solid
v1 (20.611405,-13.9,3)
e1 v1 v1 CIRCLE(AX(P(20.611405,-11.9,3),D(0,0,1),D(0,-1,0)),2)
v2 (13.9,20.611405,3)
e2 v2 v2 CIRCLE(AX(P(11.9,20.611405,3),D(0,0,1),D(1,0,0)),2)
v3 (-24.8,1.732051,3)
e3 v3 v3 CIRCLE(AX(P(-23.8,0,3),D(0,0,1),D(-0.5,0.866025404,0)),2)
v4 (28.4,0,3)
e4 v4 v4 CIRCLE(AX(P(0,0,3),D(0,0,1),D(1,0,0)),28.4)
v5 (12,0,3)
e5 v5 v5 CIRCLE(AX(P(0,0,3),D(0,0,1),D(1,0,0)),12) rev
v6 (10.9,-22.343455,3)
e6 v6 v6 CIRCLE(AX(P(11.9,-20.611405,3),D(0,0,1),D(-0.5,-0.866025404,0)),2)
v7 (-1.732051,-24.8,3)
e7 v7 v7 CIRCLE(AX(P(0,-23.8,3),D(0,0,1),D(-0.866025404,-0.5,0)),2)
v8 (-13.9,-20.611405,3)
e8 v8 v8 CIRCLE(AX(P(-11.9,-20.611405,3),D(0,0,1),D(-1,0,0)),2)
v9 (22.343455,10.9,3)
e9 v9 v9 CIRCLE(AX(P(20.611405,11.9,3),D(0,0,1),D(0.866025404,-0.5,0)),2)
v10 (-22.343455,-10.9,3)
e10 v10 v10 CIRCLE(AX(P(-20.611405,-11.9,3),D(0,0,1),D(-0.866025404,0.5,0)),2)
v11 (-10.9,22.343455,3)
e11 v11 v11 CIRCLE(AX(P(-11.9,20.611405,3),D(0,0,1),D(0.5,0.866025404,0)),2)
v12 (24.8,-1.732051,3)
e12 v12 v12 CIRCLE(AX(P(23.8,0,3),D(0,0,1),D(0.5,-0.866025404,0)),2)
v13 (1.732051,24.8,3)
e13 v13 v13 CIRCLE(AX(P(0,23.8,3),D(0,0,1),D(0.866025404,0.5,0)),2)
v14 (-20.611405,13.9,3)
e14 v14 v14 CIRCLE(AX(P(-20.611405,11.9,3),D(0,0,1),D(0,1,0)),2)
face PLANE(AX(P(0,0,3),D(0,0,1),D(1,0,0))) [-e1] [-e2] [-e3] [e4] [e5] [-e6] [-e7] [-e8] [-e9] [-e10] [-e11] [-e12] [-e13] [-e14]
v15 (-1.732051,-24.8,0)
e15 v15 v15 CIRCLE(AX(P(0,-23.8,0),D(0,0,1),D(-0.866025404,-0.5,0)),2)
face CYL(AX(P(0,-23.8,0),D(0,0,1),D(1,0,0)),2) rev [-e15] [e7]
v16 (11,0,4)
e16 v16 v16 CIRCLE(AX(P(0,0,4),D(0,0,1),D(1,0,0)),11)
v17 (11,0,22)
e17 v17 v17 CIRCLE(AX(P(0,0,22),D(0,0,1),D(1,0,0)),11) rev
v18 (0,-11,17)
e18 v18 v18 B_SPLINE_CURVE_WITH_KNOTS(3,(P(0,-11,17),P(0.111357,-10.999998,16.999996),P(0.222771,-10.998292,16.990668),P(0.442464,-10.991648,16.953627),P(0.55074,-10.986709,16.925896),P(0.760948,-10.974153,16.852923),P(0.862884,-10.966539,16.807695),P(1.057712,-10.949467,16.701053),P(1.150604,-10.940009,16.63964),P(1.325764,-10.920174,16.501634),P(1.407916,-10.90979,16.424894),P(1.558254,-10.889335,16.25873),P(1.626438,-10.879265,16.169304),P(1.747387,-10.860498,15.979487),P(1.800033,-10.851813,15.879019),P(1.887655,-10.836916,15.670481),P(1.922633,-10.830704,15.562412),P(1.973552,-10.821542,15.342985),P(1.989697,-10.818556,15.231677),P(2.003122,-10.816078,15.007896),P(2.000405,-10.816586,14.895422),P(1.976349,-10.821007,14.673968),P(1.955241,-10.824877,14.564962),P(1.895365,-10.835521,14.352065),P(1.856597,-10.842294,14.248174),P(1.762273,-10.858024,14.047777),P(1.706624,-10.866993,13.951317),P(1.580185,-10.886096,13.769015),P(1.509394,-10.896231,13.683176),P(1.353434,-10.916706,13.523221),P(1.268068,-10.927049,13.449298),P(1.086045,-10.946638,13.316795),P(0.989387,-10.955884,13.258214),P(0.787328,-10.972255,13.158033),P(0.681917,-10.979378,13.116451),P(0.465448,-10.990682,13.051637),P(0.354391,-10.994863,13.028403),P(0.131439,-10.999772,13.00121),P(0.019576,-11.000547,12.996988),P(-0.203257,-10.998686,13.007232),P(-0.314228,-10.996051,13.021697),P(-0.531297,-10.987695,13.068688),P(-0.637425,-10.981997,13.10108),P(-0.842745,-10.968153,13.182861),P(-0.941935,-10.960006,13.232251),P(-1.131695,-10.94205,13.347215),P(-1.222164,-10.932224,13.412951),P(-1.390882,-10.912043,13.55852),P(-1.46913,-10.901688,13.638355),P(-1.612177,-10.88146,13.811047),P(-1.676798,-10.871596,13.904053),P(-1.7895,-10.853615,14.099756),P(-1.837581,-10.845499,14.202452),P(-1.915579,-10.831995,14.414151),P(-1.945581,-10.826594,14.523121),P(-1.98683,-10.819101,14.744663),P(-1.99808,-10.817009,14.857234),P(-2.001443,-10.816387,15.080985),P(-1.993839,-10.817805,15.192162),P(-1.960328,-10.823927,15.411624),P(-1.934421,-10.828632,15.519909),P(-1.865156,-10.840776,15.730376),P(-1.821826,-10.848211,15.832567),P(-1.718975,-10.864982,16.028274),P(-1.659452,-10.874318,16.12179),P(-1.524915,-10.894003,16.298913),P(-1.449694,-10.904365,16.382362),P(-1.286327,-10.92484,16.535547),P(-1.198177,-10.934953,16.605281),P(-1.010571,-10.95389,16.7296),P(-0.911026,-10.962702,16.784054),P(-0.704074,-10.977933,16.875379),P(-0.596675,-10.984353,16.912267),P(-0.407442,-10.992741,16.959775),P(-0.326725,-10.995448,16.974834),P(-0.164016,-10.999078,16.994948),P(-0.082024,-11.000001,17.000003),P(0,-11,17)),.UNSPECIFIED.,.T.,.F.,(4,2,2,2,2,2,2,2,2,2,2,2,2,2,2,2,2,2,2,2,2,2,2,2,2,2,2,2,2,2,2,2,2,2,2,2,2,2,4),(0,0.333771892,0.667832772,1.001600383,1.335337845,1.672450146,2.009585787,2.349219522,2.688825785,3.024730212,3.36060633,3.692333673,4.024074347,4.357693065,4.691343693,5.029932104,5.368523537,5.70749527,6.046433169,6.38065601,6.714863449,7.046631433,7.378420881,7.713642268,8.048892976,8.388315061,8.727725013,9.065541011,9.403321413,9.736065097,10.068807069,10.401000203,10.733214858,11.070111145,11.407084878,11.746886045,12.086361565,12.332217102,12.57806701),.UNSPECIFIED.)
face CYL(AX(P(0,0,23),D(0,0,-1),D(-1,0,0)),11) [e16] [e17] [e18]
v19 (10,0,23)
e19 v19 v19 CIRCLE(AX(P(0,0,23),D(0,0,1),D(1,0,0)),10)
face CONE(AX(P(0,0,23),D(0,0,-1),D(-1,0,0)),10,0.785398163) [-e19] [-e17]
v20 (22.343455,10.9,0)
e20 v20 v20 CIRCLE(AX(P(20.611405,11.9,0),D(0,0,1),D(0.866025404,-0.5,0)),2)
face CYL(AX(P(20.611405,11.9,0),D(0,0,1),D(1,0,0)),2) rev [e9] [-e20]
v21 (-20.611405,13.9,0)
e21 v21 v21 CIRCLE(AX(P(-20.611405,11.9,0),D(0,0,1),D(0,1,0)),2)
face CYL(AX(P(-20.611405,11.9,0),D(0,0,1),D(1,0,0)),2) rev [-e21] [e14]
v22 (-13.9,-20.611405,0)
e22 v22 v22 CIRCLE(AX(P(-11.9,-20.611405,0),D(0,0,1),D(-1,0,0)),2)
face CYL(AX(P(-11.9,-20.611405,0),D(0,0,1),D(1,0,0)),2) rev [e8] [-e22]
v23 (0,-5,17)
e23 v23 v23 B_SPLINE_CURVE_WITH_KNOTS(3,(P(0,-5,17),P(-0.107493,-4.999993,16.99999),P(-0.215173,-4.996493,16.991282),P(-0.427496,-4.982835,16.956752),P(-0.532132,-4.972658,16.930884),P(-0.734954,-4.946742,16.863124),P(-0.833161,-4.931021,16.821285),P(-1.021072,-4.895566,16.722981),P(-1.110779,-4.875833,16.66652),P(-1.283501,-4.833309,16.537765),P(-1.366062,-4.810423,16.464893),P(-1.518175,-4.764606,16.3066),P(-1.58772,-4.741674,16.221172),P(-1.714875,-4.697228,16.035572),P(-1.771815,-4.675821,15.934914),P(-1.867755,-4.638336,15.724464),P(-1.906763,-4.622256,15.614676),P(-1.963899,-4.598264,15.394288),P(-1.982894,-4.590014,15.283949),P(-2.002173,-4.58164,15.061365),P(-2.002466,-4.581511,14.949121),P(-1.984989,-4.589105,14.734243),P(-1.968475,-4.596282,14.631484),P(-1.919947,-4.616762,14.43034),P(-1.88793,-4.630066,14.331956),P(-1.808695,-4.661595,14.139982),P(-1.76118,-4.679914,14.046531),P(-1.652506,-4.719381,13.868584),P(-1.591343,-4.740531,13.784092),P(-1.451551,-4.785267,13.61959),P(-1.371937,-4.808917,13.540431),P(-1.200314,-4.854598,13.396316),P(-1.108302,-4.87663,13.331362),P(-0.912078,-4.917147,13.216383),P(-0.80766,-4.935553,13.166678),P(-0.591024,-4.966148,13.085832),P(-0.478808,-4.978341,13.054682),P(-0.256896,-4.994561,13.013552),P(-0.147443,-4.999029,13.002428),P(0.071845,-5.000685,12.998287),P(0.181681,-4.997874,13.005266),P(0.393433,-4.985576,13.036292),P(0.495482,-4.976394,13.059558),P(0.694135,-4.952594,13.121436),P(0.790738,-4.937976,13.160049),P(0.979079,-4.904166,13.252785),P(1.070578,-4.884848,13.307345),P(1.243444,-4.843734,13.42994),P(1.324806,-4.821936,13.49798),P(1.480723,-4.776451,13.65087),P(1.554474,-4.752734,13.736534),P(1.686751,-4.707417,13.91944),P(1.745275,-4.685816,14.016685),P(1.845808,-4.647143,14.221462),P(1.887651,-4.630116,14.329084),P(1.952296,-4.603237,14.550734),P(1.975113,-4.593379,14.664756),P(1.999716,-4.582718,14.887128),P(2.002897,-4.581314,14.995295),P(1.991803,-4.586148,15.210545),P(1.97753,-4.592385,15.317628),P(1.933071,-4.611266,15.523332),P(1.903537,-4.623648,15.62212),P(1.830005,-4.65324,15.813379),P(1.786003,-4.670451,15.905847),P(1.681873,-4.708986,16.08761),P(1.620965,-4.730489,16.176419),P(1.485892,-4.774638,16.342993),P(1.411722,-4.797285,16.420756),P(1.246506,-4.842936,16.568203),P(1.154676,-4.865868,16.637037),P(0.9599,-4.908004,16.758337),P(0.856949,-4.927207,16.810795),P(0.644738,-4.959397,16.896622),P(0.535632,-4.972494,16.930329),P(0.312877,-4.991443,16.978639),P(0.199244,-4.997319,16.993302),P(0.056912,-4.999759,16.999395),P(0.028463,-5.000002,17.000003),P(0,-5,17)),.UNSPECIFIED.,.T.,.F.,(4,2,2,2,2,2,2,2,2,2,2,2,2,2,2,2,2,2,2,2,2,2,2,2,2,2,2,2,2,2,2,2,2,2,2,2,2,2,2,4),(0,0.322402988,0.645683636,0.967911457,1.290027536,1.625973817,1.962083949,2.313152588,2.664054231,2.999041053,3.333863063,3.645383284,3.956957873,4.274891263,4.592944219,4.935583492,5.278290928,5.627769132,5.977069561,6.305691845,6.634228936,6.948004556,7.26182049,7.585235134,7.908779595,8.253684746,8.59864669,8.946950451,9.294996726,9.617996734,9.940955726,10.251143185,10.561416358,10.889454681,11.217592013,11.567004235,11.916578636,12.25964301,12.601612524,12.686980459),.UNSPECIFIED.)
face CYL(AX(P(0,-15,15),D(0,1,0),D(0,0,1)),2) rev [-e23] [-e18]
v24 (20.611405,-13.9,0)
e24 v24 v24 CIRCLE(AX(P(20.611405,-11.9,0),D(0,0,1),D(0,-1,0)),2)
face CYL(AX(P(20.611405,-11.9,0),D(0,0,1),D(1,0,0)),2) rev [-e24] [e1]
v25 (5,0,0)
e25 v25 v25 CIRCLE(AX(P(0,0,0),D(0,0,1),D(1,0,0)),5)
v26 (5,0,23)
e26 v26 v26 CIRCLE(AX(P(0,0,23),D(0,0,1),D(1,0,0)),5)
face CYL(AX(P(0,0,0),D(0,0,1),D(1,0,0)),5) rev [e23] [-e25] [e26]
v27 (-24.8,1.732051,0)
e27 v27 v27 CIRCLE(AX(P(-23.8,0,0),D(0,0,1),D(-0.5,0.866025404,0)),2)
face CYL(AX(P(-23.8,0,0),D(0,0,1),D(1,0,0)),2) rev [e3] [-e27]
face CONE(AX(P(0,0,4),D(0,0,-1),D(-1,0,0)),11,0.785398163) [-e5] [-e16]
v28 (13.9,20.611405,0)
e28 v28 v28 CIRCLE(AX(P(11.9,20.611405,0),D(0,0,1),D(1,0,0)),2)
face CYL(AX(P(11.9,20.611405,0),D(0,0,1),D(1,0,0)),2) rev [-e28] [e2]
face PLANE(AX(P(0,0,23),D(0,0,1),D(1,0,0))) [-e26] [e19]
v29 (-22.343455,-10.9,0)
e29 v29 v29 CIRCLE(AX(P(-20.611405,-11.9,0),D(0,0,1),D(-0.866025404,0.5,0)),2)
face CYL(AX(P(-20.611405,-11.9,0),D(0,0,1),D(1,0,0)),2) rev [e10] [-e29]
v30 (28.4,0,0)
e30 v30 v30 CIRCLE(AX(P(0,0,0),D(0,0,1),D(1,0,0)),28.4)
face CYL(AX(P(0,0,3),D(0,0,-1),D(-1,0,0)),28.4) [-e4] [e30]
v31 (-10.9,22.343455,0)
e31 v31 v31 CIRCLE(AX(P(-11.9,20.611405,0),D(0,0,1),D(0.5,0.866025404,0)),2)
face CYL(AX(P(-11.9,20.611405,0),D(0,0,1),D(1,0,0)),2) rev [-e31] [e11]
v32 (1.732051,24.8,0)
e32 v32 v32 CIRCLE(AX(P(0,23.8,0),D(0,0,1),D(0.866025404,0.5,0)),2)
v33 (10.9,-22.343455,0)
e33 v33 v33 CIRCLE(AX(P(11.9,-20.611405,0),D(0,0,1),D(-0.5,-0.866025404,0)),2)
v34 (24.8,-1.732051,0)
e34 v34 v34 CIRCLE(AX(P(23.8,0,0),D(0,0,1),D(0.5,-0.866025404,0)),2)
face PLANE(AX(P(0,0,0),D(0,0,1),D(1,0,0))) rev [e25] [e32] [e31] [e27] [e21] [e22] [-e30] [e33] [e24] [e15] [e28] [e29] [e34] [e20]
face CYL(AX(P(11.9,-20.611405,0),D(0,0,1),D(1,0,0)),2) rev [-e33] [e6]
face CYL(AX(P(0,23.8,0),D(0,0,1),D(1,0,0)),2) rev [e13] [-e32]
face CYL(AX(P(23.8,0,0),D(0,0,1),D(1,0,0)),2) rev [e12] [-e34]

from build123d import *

# Parameters (mm, degrees)
SKETCH1_R           = 28.4
BOSS_EXTRUDE1_DEPTH = 3
SKETCH2_R           = 11
BOSS_EXTRUDE2_DEPTH = 20
SKETCH3_R           = 5
CUT_EXTRUDE1_DEPTH  = 24
SKETCH4_R           = 2
CUT_EXTRUDE2_DEPTH  = 15
CHAMFER1_SIZE       = 1
SKETCH5_R           = 2
CUT_EXTRUDE5_DEPTH  = 4.0000001
CIRPATTERN2_COUNT   = 12


with BuildPart() as part:
    # Sketch1 → Boss-Extrude1 (new body)
    with BuildSketch(Plane.XY):
        Circle(SKETCH1_R)
    extrude(amount=BOSS_EXTRUDE1_DEPTH)

    # Sketch2 → Boss-Extrude2 (add)
    with BuildSketch(Plane.XY.offset(3)):
        Circle(SKETCH2_R)
    extrude(amount=BOSS_EXTRUDE2_DEPTH)

    # Sketch3 → Cut-Extrude1 (cut, through all)
    with BuildSketch(Plane.XY.offset(23)):
        Circle(SKETCH3_R)
    extrude(amount=-CUT_EXTRUDE1_DEPTH, mode=Mode.SUBTRACT)

    # Sketch4 → Cut-Extrude2 (cut)
    with BuildSketch(Plane(origin=(0, 0, 0), x_dir=(1, 0, 0), z_dir=(0, 1, 0))):
        with Locations((0, -15)):
            Circle(SKETCH4_R)
    extrude(amount=-CUT_EXTRUDE2_DEPTH, mode=Mode.SUBTRACT)

    # Chamfer1
    chamfer1_edges = [part.edges().sort_by_distance(p)[0] for p in [
        (-11, 0, 3),
        (-11, 0, 23),
    ]]
    chamfer(chamfer1_edges, length=CHAMFER1_SIZE)

    # Sketch5 → Cut-Extrude5 (cut, through all)
    with BuildSketch(Plane.XY.offset(3)):
        with Locations((11.9, 20.61140461)):
            Circle(SKETCH5_R)
    cut_extrude5 = extrude(amount=-CUT_EXTRUDE5_DEPTH, mode=Mode.SUBTRACT)

    # CirPattern2: Cut-Extrude5 ×12 about axis
    cirpattern2_axis = Axis((0, 0, 0), (0, 0, 1))
    for i in range(1, CIRPATTERN2_COUNT):
        add(cut_extrude5.rotate(cirpattern2_axis, i * 360 / CIRPATTERN2_COUNT), mode=Mode.SUBTRACT)


solid = part.part
